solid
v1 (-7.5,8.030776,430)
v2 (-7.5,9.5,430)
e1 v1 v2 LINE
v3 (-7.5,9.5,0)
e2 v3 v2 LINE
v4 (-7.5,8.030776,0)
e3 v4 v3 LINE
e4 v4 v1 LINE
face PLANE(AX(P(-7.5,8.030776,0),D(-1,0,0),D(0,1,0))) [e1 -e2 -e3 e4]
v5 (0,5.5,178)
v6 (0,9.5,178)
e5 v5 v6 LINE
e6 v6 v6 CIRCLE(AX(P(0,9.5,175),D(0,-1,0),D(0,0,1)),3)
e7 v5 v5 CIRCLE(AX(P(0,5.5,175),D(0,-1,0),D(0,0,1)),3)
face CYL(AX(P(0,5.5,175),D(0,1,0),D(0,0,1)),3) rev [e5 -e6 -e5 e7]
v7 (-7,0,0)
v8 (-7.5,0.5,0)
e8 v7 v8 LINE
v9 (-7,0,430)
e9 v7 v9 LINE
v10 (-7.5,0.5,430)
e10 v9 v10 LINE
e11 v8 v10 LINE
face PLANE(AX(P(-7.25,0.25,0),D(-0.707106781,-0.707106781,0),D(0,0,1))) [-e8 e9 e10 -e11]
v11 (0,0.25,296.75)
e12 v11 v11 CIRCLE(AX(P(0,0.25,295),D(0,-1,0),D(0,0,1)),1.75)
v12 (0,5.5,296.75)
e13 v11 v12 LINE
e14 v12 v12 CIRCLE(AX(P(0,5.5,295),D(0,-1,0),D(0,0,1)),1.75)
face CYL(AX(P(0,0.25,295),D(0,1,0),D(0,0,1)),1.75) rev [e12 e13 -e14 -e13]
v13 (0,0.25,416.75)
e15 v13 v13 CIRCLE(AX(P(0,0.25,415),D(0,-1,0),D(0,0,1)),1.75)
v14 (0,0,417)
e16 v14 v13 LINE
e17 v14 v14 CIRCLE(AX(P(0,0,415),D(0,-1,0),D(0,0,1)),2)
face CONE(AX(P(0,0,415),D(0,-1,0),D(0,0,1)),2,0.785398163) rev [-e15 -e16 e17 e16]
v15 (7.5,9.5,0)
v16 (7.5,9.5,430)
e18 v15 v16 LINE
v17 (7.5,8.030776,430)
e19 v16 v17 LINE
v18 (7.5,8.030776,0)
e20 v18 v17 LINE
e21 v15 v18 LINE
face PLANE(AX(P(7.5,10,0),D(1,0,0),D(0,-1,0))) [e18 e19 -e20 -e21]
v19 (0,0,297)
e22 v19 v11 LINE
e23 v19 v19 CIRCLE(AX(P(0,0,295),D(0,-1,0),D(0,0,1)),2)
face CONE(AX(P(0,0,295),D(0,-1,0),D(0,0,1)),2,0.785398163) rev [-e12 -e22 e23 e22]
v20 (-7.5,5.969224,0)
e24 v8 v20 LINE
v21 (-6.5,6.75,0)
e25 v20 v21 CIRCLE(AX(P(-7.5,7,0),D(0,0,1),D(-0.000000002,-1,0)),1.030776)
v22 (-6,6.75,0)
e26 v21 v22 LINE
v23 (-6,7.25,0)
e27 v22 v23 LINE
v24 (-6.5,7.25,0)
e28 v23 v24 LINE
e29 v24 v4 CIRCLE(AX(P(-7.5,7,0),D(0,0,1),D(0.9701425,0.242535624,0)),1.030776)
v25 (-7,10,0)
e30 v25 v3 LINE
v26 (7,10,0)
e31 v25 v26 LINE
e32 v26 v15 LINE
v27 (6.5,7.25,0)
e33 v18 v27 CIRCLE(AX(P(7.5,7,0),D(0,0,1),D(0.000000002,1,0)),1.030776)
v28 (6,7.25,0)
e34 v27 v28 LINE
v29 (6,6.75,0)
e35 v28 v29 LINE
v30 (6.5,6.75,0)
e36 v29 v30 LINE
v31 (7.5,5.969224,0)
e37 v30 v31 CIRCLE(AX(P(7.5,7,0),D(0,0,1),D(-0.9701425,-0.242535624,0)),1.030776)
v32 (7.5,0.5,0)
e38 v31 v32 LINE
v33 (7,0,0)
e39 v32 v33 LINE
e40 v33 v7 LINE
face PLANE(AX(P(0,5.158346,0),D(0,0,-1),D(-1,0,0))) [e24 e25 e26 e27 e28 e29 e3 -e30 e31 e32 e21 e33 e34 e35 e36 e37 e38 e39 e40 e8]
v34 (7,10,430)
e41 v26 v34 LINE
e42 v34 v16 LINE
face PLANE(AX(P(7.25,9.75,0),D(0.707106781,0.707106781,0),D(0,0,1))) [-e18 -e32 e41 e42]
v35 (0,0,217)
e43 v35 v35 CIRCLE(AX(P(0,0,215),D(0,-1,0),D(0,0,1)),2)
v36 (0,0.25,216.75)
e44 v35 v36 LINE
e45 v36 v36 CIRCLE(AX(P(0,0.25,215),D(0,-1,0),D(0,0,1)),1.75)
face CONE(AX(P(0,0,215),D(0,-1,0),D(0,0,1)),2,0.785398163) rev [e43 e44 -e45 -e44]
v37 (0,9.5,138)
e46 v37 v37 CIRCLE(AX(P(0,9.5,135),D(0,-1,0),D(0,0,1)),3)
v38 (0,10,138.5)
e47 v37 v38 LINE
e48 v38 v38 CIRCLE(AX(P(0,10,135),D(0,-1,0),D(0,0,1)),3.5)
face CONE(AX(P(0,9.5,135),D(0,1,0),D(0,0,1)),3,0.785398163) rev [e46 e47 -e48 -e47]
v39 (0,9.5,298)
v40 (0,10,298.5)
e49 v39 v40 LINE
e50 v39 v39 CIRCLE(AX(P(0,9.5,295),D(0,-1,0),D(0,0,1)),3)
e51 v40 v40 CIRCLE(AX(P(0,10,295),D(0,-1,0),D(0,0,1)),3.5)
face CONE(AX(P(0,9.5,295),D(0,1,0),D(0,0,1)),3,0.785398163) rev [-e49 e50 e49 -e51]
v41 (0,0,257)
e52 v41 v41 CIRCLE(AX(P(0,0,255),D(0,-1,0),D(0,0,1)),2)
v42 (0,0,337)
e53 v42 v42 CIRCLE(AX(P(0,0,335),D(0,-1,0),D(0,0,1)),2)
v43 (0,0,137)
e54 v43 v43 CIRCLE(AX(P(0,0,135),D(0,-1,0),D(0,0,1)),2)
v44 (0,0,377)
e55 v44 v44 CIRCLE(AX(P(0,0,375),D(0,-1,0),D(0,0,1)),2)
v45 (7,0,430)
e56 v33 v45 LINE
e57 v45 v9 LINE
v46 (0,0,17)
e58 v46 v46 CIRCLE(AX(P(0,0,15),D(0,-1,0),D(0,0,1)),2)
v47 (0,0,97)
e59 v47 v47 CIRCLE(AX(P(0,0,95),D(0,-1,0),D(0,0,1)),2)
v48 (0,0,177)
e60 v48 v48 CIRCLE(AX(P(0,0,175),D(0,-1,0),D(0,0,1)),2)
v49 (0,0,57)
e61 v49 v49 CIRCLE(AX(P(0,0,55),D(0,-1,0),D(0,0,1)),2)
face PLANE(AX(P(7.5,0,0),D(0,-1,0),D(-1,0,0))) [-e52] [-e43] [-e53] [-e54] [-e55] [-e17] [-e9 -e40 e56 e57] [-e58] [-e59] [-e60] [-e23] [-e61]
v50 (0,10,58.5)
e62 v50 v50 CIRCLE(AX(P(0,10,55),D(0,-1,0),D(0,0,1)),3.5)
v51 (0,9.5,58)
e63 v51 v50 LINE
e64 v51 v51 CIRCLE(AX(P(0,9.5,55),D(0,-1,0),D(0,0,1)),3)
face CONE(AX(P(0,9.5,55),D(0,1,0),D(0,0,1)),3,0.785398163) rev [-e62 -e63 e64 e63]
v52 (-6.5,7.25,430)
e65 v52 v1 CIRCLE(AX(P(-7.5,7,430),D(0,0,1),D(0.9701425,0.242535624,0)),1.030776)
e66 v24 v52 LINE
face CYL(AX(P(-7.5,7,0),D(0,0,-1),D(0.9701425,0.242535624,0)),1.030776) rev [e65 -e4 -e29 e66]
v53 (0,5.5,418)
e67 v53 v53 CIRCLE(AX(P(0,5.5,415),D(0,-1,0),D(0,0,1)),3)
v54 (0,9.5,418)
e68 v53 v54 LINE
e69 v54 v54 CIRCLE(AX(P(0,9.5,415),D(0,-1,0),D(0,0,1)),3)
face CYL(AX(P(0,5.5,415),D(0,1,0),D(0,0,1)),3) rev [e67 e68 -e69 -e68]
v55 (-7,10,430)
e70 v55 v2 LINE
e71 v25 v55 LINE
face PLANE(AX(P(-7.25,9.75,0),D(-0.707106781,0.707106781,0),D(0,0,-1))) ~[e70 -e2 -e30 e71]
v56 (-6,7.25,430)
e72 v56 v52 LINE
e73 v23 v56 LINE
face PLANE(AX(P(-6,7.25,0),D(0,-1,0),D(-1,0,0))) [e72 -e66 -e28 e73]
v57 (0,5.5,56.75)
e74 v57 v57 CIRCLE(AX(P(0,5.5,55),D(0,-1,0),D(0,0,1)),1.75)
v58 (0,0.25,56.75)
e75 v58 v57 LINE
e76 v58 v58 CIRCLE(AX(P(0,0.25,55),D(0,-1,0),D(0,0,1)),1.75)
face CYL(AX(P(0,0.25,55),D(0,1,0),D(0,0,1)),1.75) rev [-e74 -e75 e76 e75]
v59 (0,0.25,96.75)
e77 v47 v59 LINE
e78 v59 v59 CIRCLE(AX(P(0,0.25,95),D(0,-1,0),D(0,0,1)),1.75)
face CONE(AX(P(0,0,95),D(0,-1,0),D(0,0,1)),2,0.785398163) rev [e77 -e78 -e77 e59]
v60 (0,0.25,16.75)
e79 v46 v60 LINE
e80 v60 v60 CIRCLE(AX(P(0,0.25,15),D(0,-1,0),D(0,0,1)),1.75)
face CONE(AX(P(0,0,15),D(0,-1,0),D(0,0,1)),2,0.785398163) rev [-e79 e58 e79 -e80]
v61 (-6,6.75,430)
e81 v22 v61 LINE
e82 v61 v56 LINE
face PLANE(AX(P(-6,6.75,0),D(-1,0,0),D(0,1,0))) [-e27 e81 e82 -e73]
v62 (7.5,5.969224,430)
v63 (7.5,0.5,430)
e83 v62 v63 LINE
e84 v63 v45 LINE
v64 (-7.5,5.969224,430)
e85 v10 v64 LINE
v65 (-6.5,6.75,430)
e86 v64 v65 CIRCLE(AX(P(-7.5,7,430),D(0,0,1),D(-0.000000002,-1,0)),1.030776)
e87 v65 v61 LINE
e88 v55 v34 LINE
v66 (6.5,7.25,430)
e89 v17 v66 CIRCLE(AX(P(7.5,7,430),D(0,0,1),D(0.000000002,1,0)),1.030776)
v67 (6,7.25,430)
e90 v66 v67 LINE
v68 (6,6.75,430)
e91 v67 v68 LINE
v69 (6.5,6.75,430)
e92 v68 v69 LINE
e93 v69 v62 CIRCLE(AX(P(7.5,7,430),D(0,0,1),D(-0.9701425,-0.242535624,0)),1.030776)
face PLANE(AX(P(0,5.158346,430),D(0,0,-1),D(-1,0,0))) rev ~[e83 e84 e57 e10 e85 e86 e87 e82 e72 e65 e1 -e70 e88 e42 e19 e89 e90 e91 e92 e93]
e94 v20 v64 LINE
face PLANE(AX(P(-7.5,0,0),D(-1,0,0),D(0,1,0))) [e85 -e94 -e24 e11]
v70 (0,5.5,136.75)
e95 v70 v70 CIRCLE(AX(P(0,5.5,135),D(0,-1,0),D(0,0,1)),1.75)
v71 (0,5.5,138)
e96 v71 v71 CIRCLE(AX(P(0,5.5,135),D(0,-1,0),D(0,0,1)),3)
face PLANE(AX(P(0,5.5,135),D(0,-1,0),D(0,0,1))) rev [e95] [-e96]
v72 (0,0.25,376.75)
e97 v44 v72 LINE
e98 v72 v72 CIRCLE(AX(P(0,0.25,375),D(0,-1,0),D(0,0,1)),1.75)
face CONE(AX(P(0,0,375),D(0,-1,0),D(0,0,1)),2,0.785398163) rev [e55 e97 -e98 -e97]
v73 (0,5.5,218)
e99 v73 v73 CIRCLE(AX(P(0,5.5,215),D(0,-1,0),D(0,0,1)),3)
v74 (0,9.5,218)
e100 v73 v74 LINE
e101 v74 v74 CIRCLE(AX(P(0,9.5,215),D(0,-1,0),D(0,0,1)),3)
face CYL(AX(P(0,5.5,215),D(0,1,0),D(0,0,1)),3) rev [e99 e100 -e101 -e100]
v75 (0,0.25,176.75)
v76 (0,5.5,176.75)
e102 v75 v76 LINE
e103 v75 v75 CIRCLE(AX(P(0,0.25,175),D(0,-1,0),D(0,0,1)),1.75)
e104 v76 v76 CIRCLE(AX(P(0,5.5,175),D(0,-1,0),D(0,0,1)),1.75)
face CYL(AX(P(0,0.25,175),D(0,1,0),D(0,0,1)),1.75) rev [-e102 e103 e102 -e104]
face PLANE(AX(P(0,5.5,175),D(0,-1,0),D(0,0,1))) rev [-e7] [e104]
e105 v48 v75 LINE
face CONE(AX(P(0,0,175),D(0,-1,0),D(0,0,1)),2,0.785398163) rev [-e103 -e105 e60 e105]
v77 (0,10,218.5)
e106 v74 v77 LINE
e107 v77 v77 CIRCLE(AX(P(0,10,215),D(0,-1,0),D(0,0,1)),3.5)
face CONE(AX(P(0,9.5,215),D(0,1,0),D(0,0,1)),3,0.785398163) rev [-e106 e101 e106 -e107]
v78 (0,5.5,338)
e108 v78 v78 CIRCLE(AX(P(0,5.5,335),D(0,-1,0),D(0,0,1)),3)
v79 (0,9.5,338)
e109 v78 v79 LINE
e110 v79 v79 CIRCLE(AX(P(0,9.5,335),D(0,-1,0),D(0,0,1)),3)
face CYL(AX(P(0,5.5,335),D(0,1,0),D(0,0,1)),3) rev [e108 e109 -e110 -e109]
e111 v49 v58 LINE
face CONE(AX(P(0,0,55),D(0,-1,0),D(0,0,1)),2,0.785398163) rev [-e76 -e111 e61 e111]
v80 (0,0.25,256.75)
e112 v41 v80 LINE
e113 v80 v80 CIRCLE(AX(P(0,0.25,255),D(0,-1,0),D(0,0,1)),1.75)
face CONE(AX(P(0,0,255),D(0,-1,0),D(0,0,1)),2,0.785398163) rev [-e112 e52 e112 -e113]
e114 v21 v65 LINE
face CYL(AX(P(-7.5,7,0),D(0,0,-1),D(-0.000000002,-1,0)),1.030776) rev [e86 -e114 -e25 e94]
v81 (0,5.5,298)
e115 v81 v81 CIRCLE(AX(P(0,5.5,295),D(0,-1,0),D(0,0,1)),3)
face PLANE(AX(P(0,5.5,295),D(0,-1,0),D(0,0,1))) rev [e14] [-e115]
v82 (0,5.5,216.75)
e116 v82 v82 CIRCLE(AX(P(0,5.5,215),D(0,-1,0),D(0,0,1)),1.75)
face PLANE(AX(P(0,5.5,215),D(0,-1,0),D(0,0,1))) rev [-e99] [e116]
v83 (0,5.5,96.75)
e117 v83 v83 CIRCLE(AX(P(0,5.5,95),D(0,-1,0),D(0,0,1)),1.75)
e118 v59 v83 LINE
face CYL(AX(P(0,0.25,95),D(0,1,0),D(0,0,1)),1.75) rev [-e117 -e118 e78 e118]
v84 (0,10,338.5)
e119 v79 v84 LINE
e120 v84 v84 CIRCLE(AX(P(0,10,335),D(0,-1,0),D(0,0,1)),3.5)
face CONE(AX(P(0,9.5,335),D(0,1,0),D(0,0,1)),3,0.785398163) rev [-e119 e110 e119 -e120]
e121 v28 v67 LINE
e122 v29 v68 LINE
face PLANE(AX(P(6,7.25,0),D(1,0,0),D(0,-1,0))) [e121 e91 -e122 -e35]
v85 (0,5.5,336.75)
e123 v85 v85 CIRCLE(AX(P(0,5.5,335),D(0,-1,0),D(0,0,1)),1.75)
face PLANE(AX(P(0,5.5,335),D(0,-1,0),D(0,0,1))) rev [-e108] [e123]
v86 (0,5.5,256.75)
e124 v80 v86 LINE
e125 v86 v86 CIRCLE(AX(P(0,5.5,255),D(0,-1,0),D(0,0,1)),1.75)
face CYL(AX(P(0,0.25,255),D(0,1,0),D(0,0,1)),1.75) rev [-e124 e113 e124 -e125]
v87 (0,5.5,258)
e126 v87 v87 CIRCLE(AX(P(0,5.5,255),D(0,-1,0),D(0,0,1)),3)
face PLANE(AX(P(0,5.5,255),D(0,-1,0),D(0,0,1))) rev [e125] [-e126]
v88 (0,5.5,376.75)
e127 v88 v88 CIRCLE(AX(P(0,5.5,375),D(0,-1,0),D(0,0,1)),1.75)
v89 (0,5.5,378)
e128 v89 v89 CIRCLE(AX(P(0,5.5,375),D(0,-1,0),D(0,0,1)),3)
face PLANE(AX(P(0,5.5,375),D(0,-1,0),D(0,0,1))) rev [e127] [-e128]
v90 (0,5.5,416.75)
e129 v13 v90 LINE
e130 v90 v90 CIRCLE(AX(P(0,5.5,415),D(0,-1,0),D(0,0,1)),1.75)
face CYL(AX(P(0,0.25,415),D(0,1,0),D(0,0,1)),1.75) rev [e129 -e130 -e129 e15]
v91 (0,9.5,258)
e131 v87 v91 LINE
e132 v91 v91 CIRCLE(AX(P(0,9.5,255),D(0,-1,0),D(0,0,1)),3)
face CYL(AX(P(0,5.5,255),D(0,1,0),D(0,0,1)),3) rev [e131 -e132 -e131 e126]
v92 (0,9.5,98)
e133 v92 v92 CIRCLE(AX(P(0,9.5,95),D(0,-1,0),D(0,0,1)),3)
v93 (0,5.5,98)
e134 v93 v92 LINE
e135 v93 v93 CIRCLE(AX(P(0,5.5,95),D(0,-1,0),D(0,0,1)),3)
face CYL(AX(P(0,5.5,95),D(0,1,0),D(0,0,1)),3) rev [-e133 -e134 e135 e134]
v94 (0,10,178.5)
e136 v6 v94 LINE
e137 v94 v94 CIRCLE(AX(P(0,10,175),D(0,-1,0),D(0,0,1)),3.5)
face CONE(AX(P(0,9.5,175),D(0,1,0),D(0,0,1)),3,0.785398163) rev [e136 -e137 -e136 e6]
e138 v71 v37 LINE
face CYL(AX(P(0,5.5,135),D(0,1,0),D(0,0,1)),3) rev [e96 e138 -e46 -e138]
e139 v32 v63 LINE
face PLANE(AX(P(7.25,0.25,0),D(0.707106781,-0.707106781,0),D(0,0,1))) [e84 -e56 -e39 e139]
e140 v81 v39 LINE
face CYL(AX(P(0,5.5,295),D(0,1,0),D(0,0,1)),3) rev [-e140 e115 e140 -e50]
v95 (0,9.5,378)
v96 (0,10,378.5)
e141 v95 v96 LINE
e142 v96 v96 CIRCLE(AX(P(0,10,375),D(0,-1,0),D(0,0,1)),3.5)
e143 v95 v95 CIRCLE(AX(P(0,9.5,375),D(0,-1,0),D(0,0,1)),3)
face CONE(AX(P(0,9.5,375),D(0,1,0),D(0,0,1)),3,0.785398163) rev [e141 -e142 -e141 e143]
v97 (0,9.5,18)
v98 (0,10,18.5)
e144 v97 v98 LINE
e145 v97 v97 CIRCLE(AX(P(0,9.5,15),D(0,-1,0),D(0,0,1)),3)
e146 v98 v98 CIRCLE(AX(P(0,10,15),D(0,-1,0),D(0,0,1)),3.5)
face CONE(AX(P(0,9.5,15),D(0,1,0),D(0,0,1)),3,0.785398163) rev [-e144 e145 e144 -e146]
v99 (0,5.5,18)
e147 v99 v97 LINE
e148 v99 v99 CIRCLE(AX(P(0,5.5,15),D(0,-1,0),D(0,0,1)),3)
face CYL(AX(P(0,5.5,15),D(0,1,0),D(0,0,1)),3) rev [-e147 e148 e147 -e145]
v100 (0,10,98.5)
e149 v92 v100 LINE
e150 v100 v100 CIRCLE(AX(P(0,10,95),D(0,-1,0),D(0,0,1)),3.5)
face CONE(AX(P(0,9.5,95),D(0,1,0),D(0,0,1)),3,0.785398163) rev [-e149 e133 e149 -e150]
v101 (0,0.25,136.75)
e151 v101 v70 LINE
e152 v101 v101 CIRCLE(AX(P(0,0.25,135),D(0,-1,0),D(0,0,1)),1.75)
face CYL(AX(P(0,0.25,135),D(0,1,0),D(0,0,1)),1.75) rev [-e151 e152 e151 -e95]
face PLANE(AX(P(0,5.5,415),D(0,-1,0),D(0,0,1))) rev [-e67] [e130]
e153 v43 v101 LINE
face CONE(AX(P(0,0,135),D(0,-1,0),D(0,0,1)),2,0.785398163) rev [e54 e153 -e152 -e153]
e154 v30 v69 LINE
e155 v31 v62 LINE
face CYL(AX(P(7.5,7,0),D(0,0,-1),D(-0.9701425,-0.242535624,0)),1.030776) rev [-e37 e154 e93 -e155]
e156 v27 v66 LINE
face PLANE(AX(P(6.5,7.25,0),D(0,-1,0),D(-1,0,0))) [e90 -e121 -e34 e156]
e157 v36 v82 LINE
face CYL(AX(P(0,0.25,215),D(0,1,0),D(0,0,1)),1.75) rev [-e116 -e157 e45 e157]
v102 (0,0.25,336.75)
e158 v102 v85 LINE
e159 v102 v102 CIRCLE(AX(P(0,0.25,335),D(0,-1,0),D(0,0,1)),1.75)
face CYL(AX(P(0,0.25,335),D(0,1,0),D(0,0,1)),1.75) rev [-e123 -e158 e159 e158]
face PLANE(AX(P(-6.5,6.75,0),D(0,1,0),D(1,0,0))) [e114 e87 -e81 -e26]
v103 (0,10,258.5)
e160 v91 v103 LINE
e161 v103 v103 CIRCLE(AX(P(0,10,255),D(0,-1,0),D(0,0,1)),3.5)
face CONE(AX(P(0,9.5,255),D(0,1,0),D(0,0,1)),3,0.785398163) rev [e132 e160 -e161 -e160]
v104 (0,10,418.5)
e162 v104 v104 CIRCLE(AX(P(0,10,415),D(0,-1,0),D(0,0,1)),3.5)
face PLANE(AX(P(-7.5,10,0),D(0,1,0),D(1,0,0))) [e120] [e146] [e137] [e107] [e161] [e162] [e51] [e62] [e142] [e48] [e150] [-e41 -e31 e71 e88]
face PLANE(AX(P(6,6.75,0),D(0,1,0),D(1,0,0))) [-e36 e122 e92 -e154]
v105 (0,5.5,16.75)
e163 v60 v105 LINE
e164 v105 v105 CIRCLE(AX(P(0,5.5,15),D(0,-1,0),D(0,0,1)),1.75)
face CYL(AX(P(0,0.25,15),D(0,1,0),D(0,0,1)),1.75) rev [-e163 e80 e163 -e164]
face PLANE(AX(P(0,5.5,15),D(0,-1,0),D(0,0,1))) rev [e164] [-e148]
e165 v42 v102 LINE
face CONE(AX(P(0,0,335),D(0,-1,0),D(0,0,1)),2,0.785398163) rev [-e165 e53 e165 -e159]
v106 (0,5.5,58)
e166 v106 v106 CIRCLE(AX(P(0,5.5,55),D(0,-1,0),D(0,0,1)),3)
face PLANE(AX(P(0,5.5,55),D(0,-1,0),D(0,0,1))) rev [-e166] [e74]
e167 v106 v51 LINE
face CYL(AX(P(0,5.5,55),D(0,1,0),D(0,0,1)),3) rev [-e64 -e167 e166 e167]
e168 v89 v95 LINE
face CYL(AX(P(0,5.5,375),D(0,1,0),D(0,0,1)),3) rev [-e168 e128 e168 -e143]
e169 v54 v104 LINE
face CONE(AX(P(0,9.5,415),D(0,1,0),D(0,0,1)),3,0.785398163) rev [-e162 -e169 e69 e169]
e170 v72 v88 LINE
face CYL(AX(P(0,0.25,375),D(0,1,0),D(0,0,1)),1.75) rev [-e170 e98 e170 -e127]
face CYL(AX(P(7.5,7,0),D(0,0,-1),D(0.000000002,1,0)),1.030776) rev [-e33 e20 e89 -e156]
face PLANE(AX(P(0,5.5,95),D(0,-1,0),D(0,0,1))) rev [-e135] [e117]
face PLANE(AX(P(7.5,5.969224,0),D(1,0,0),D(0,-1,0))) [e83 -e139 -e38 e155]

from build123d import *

# Parameters (mm, degrees)
BOSS_EXTRUDE1_DEPTH = 430
CHAMFER1_SIZE       = 0.5
LPATTERN1_COUNT     = 11
LPATTERN1_PITCH     = 40


with BuildPart() as part:
    # Sketch1 → Boss-Extrude1 (new body)
    with BuildSketch(Plane.XY):
        with BuildLine():
            Line((-7.5, 10), (7.5, 10))
            Line((7.5, 10), (7.5, 8.25))
            Line((7.5, 8.25), (7.5, 8.030776406))
            ThreePointArc((7.5, 8.030776406), (6.865647614, 7.812463569), (6.5, 7.25))
            Line((6.5, 7.25), (6, 7.25))
            Line((6, 7.25), (6, 6.75))
            Line((6, 6.75), (6.5, 6.75))
            ThreePointArc((6.5, 6.75), (6.865647614, 6.187536431), (7.5, 5.969223594))
            Line((7.5, 5.969223594), (7.5, 5.75))
            Line((7.5, 5.75), (7.5, 0))
            Line((7.5, 0), (-7.5, 0))
            Line((-7.5, 0), (-7.5, 5.75))
            Line((-7.5, 5.75), (-7.5, 5.969223594))
            ThreePointArc((-7.5, 5.969223594), (-6.865647614, 6.187536431), (-6.5, 6.75))
            Line((-6.5, 6.75), (-6, 6.75))
            Line((-6, 6.75), (-6, 7.25))
            Line((-6, 7.25), (-6.5, 7.25))
            ThreePointArc((-6.5, 7.25), (-6.865647614, 7.812463569), (-7.5, 8.030776406))
            Line((-7.5, 8.030776406), (-7.5, 8.25))
            Line((-7.5, 8.25), (-7.5, 10))
        make_face()
    extrude(amount=BOSS_EXTRUDE1_DEPTH)

    # Chamfer1
    chamfer1_edges = [part.edges().sort_by_distance(p)[0] for p in [
        (-7.5, 10, 215),
        (7.5, 10, 215),
        (7.5, 0, 215),
        (-7.5, 0, 215),
    ]]
    chamfer(chamfer1_edges, length=CHAMFER1_SIZE)

    # Sketch3 → M3 六角承窩頭蓋螺釘的柱孔1 (revolve, cut)
    with BuildSketch(Plane(origin=(0, 10, 15), x_dir=(0, 0, 1), z_dir=(1, 0, 0))):
        Polygon((0, 0), (0, 10), (2, 10), (1.75, 9.75), (1.75, 4.5), (3, 4.5), (3, 0.5), (3.5, 0), align=None)
    hole_wizard_m3_1 = revolve(axis=Axis((0, 16.35, 15), (0, -1, 0)), mode=Mode.SUBTRACT)

    # LPattern1: M3 六角承窩頭蓋螺釘的柱孔1 ×11
    with Locations(*[(0, 0, i * LPATTERN1_PITCH) for i in range(1, LPATTERN1_COUNT)]):
        add(hole_wizard_m3_1, mode=Mode.SUBTRACT)


solid = part.part
